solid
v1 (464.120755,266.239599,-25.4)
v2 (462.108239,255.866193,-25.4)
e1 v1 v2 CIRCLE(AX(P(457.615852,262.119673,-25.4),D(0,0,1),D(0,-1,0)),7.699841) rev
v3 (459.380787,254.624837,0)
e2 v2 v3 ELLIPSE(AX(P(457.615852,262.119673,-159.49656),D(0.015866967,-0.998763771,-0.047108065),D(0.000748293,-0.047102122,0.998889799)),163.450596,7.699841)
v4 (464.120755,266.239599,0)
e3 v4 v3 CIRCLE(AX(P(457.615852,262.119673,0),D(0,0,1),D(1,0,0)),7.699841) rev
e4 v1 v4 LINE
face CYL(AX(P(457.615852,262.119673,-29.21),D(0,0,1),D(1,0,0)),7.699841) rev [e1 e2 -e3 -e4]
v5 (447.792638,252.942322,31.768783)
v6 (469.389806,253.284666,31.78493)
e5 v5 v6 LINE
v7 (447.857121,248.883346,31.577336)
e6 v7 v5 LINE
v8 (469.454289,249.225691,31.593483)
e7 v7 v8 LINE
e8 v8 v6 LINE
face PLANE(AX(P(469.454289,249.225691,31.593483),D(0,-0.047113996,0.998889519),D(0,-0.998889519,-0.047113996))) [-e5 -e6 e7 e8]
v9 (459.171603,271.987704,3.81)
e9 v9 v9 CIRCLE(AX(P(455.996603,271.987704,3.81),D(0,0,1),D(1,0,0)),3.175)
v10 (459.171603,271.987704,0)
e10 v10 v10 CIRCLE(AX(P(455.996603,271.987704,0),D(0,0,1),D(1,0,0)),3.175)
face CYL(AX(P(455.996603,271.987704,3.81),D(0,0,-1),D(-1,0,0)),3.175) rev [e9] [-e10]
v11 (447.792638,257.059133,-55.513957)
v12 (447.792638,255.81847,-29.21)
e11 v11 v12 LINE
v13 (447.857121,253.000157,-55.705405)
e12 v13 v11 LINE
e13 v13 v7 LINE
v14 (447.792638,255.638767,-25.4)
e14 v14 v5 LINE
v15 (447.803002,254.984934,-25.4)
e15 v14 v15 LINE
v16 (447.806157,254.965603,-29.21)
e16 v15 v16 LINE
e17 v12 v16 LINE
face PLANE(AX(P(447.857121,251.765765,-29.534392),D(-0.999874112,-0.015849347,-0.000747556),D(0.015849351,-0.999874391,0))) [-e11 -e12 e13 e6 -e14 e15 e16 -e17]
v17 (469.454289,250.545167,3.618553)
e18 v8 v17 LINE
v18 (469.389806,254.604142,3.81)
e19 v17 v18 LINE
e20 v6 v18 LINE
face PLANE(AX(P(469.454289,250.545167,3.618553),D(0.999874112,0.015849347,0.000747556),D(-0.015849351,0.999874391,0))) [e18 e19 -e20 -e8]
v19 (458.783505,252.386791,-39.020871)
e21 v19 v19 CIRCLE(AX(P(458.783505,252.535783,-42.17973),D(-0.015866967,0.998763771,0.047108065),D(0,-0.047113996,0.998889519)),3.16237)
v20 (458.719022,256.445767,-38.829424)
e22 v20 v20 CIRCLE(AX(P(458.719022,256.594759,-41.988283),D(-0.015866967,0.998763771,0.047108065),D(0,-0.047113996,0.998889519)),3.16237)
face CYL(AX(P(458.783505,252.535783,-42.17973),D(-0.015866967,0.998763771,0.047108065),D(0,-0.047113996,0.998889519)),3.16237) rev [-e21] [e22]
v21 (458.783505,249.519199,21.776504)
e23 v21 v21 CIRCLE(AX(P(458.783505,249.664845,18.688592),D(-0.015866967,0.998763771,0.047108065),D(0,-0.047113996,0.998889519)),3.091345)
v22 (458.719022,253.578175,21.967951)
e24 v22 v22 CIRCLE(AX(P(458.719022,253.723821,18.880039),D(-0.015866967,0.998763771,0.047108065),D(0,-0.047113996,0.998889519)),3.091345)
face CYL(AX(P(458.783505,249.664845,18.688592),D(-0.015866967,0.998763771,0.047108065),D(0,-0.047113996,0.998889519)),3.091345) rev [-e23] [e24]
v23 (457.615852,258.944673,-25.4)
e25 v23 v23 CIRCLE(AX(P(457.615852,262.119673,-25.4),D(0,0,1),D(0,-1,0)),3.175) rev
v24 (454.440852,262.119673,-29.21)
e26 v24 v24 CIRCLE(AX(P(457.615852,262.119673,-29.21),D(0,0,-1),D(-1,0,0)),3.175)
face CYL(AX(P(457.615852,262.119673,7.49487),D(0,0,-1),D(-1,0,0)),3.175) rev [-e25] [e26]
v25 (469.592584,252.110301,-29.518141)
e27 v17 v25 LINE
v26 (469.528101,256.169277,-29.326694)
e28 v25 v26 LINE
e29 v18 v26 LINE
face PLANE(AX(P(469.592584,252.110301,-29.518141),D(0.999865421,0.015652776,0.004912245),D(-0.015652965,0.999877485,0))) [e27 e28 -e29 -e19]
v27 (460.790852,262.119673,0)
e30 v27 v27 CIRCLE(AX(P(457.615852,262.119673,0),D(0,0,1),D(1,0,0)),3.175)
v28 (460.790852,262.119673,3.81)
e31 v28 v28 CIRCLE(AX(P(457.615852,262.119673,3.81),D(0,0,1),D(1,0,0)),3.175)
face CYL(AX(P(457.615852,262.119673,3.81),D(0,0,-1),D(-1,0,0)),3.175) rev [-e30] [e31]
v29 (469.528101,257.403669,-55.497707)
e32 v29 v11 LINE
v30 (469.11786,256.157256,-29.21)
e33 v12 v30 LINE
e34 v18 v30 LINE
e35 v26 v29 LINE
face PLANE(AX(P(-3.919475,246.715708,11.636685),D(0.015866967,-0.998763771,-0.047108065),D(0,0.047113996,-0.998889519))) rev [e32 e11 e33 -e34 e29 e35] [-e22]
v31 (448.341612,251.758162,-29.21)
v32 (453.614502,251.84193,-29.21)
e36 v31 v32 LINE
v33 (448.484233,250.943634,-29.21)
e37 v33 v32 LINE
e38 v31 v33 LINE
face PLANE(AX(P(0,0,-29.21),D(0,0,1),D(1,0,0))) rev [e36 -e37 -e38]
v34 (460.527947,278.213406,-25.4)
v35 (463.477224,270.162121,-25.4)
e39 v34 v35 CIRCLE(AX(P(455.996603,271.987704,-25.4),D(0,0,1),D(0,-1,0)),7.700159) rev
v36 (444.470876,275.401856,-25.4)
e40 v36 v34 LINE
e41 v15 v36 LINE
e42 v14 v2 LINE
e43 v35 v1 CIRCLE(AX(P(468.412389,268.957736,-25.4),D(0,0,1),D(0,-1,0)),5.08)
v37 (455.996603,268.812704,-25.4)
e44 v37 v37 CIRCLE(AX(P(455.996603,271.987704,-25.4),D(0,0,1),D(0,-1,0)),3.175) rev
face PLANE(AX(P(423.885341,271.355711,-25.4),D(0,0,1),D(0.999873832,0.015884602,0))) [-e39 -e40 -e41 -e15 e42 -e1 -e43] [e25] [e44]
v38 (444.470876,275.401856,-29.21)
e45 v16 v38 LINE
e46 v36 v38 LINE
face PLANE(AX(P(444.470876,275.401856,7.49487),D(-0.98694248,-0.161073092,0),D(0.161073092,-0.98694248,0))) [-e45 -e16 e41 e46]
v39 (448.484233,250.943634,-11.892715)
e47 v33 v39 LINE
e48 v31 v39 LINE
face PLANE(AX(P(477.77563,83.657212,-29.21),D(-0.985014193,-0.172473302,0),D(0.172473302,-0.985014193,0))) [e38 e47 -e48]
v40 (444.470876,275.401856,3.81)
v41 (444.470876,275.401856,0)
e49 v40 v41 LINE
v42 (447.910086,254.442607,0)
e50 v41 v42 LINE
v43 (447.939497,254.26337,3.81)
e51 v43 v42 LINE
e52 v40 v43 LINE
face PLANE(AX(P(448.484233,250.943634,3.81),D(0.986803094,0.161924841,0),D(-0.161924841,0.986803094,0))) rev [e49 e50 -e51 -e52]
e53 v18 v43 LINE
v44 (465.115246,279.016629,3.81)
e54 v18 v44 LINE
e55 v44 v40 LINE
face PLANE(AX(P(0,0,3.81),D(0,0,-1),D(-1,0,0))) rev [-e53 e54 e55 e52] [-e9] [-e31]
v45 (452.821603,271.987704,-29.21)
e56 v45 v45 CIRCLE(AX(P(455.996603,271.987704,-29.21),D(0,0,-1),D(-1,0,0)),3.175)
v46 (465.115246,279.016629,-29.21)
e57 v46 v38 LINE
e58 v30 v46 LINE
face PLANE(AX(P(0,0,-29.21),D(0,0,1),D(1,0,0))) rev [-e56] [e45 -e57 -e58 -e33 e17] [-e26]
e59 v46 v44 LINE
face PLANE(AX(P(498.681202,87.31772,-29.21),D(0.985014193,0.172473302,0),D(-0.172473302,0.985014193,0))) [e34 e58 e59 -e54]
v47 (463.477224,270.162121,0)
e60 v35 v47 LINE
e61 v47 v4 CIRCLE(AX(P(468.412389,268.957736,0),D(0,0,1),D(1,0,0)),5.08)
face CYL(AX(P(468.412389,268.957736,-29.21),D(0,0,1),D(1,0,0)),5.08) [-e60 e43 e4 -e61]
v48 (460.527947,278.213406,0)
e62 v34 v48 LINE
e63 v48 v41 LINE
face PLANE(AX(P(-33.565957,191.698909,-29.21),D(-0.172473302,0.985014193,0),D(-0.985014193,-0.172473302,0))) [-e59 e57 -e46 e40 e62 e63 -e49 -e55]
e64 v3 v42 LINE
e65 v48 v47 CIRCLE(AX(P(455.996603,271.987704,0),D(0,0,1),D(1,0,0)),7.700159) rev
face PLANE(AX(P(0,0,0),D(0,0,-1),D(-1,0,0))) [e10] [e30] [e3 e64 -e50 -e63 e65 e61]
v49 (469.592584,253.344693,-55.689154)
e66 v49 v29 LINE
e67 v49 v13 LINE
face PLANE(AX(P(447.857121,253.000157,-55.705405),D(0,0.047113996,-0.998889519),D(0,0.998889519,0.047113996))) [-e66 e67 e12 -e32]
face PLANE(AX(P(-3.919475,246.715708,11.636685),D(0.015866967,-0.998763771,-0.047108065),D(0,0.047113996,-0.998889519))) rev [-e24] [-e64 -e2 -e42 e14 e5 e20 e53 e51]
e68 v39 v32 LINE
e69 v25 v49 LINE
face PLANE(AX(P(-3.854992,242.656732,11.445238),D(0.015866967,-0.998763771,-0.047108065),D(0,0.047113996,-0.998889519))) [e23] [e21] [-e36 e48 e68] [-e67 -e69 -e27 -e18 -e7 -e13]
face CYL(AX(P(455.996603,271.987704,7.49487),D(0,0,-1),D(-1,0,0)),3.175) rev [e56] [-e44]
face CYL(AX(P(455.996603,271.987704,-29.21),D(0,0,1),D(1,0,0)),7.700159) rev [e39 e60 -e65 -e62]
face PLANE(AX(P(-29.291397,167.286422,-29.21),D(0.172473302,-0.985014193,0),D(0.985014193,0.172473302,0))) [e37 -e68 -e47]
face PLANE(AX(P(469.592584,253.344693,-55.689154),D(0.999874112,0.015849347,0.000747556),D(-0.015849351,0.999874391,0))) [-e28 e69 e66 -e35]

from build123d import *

# Parameters (mm, degrees)
BOSS_EXTRUDE1_DEPTH = 29.21
SKETCH2_R           = 3.175
BOSS_EXTRUDE2_DEPTH = 3.81
BOSS_EXTRUDE3_START = -3.81
SKETCH3_R           = 3.175
BOSS_EXTRUDE3_DEPTH = 3.81
SKETCH4_R           = 3.162370232
SKETCH4_R_2         = 3.091345033
BOSS_EXTRUDE4_DEPTH = 4.064


with BuildPart() as part:
    # Sketch1 → Boss-Extrude1 (new body)
    with BuildSketch(Plane.XY):
        with BuildLine():
            Line((458.862647092, 254.521445295), (448.165127061, 252.766085749))
            Line((448.165127061, 252.766085749), (448.484233443, 250.943633746))
            Line((448.484233443, 250.943633746), (469.389805578, 254.604142486))
            Line((469.389805578, 254.604142486), (465.115245634, 279.016629277))
            Line((465.115245634, 279.016629277), (460.527946701, 278.213405728))
            ThreePointArc((460.527946701, 278.213405728), (463.226929453, 274.636254744), (463.477224231, 270.162121354))
            ThreePointArc((463.477224231, 270.162121354), (463.399405765, 268.135304283), (464.120754615, 266.239598875))
            ThreePointArc((464.120754615, 266.239598875), (464.640877411, 258.967440337), (458.862647092, 254.521445295))
        make_face()
    extrude(amount=-BOSS_EXTRUDE1_DEPTH)

    # Sketch2 → Boss-Extrude2 (add)
    with BuildSketch(Plane.XY):
        Polygon((465.115245634, 279.016629277), (469.389805578, 254.604142486), (448.484233443, 250.943633746), (444.470875732, 275.401856337), align=None)
        with Locations((457.615851502, 262.119672583)):
            Circle(SKETCH2_R, mode=Mode.SUBTRACT)
        with Locations((455.996603091, 271.987703521)):
            Circle(SKETCH2_R, mode=Mode.SUBTRACT)
    extrude(amount=BOSS_EXTRUDE2_DEPTH)

    # Sketch3 → Boss-Extrude3 (add)
    with BuildSketch(Plane(origin=(0, 0, -29.21), x_dir=(-1, 0, 0), z_dir=(0, 0, -1)).offset(BOSS_EXTRUDE3_START)):
        with BuildLine():
            Line((-460.527946701, 278.213405728), (-444.470875732, 275.401856337))
            Line((-444.470875732, 275.401856337), (-448.165127061, 252.766085749))
            Line((-448.165127061, 252.766085749), (-458.862647092, 254.521445295))
            ThreePointArc((-458.862647092, 254.521445295), (-464.640877411, 258.967440337), (-464.120754615, 266.239598875))
            ThreePointArc((-464.120754615, 266.239598875), (-463.399405765, 268.135304283), (-463.477224231, 270.162121354))
            ThreePointArc((-463.477224231, 270.162121354), (-463.226929453, 274.636254744), (-460.527946701, 278.213405728))
        make_face()
        with Locations(Location((-457.615851502, 262.119672583, 0), (0, 0, 180))):
            Circle(SKETCH3_R, mode=Mode.SUBTRACT)
        with Locations(Location((-455.996603091, 271.987703521, 0), (0, 0, 180))):
            Circle(SKETCH3_R, mode=Mode.SUBTRACT)
    extrude(amount=BOSS_EXTRUDE3_DEPTH)

    # Sketch4 → Boss-Extrude4 (add)
    with BuildSketch(Plane(origin=(-3.919475367, 246.715707824, 11.636685294), x_dir=(0.9998741117550616, 0.01584934704377867, 0.0007475562269396132), z_dir=(-0.01586696700779868, 0.9987637706378837, 0.047108065330370395))):
        Polygon((451.768985456, 41.36328589), (451.768985456, 67.563393238), (473.507185402, 67.563393238), (473.507185402, 41.36328589), (473.368872521, 8.189649592), (473.368872521, -19.816380435), (451.768985456, -19.816380435), align=None)
        with Locations(Location((462.696745397, 54.030860165, 0), (0, 0, 270))):
            Circle(SKETCH4_R, mode=Mode.SUBTRACT)
        with Locations(Location((462.696745397, -6.905130234, 0), (0, 0, 270))):
            Circle(SKETCH4_R_2, mode=Mode.SUBTRACT)
    extrude(amount=-BOSS_EXTRUDE4_DEPTH)


solid = part.part
